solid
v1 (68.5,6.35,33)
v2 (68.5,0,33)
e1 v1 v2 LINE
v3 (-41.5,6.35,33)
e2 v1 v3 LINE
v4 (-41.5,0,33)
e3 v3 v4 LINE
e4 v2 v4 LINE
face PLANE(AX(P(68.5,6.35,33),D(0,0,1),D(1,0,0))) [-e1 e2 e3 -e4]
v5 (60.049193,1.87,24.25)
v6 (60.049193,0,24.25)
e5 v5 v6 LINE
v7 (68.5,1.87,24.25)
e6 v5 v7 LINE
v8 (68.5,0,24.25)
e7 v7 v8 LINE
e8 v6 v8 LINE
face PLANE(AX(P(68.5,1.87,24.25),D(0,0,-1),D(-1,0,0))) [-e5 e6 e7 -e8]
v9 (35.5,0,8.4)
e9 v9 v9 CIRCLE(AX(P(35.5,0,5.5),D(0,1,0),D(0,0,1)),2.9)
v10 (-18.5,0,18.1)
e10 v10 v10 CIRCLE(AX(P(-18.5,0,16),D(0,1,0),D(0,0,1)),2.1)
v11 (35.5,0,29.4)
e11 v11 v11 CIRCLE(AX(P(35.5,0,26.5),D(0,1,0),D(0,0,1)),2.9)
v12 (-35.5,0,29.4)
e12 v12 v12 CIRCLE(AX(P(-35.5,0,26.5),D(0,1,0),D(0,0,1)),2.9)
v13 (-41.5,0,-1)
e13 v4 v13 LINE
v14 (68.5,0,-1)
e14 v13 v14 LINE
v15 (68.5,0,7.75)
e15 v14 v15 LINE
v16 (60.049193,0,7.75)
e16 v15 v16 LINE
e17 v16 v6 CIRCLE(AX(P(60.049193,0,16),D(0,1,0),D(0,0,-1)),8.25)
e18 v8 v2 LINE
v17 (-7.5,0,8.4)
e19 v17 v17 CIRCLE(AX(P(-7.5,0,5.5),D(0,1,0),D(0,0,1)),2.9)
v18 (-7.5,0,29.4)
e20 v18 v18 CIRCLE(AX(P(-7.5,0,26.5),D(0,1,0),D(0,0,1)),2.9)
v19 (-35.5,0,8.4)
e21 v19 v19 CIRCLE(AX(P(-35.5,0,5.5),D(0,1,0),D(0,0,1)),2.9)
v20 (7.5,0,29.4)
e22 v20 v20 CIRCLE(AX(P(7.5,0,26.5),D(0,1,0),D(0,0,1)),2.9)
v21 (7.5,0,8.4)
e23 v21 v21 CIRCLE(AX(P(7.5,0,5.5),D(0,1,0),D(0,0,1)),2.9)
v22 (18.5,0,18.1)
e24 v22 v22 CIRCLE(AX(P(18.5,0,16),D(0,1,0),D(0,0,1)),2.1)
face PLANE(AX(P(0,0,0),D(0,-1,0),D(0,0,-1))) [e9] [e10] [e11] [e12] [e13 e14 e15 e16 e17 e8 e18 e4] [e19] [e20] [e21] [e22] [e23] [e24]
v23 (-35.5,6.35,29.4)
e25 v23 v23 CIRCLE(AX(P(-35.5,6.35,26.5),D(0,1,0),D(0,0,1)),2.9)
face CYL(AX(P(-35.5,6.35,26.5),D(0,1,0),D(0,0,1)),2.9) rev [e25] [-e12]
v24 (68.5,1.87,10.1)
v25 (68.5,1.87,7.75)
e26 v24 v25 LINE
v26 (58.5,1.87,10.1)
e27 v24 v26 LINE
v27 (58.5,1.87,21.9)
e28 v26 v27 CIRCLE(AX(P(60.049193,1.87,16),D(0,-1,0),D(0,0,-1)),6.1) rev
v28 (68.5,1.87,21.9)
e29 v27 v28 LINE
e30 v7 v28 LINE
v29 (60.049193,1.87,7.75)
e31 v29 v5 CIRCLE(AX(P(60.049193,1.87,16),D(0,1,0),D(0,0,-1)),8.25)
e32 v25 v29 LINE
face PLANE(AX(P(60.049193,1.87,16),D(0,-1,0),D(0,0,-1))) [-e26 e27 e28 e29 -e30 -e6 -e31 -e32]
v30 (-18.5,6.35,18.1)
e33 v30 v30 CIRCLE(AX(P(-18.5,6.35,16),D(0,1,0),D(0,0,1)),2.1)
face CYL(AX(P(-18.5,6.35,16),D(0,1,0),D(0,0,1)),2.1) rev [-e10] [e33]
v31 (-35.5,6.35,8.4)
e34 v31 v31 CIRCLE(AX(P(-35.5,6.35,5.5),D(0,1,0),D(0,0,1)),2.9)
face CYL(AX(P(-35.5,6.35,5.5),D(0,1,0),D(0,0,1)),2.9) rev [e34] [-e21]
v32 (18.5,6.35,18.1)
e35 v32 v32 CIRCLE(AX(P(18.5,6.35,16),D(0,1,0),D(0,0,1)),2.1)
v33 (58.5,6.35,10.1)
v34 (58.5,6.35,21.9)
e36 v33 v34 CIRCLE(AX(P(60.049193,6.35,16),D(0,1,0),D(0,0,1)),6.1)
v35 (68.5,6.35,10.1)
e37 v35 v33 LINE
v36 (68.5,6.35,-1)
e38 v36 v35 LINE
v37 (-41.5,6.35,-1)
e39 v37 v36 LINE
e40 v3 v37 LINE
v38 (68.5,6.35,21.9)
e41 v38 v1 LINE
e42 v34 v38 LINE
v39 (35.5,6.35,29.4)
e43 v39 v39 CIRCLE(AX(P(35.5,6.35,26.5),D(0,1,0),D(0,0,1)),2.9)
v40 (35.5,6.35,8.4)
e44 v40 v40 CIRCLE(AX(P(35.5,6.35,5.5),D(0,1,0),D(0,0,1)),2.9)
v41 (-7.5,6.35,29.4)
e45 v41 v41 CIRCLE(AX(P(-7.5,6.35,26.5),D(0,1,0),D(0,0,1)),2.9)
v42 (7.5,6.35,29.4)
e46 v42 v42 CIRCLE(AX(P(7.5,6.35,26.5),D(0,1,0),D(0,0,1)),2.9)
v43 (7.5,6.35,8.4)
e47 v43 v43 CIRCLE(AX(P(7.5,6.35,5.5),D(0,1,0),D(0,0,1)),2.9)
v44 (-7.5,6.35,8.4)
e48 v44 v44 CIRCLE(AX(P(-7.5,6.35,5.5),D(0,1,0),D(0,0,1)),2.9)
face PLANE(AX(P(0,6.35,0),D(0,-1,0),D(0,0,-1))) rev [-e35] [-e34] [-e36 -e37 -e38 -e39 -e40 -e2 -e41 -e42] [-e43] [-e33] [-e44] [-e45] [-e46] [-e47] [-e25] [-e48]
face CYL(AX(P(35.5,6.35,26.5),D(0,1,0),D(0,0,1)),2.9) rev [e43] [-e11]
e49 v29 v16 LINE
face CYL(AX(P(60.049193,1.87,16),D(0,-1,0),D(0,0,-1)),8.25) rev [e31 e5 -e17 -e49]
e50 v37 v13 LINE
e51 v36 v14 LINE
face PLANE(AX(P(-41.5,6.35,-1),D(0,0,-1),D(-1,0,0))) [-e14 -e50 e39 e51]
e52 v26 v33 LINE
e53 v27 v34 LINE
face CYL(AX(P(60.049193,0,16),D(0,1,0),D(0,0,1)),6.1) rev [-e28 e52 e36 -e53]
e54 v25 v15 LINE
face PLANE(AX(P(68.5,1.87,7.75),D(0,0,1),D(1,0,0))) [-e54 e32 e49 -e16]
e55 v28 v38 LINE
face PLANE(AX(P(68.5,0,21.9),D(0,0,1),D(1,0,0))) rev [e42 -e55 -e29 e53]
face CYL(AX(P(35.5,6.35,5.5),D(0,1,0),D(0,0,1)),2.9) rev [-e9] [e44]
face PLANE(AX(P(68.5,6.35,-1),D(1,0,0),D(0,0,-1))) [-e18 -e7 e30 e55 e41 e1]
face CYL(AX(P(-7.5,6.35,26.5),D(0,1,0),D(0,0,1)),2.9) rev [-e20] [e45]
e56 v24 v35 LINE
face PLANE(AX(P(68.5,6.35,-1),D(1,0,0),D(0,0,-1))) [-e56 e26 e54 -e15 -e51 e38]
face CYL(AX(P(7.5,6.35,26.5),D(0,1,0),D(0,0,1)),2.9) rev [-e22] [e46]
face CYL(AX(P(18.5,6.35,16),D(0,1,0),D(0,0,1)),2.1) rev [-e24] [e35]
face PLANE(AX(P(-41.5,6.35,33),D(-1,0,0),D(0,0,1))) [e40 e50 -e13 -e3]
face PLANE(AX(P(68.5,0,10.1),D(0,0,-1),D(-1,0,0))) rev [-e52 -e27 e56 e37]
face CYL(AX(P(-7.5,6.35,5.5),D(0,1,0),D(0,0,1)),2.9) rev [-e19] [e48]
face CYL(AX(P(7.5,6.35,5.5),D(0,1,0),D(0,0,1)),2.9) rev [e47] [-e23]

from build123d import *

# Parameters (mm, degrees)
SKETCH1_W                   = 110
SKETCH1_H                   = 34
BOSS_EXTRUDE1_DEPTH         = 6.35
M5_CLEARANCE_HOLE1_D        = 5.8
TAP_DRILL_FOR_M5X0_8_TAP1_D = 4.2
CUT_EXTRUDE1_DEPTH          = 77.299230009
CUT_EXTRUDE2_DEPTH          = 1.87


with BuildPart() as part:
    # Sketch1 → Boss-Extrude1 (new body)
    with BuildSketch(Plane.XZ):
        with Locations((13.5, 16)):
            Rectangle(SKETCH1_W, SKETCH1_H)
    extrude(amount=-BOSS_EXTRUDE1_DEPTH)

    # M5 Clearance Hole1 (through all)
    with Locations(Plane(origin=(0, 6.35, 0), x_dir=(1, 0, 0), z_dir=(0, 1, 0))):
        with Locations((-35.5, -5.5), (-7.5, -5.5), (7.5, -5.5), (35.5, -5.5), (-35.5, -26.5), (-7.5, -26.5), (7.5, -26.5), (35.5, -26.5)):
            Hole(M5_CLEARANCE_HOLE1_D / 2)

    # Tap Drill for M5x0.8 Tap1 (through all)
    with Locations(Plane(origin=(0, 6.35, 0), x_dir=(1, 0, 0), z_dir=(0, 1, 0))):
        with Locations((-18.5, -16), (18.5, -16)):
            Hole(TAP_DRILL_FOR_M5X0_8_TAP1_D / 2)

    # Sketch9 → Cut-Extrude1 (cut, through all)
    with BuildSketch(Plane(origin=(0, 6.35, 0), x_dir=(1, 0, 0), z_dir=(0, 1, 0))):
        with BuildLine():
            Line((68.5, -10.1), (58.5, -10.1))
            ThreePointArc((58.5, -10.1), (53.949193338, -16), (58.5, -21.9))
            Line((58.5, -21.9), (68.5, -21.9))
            Line((68.5, -21.9), (68.5, -10.1))
        make_face()
    extrude(amount=-CUT_EXTRUDE1_DEPTH, mode=Mode.SUBTRACT)

    # Sketch10 → Cut-Extrude2 (cut)
    with BuildSketch(Plane(origin=(0, 0, 0), x_dir=(1, 0, 0), z_dir=(0, 1, 0))):
        with BuildLine():
            Line((68.5, -24.25), (60.049193338, -24.25))
            ThreePointArc((60.049193338, -24.25), (51.799193338, -16), (60.049193338, -7.75))
            Line((60.049193338, -7.75), (68.5, -7.75))
            Line((68.5, -7.75), (68.5, -24.25))
        make_face()
    extrude(amount=CUT_EXTRUDE2_DEPTH, mode=Mode.SUBTRACT)


solid = part.part
